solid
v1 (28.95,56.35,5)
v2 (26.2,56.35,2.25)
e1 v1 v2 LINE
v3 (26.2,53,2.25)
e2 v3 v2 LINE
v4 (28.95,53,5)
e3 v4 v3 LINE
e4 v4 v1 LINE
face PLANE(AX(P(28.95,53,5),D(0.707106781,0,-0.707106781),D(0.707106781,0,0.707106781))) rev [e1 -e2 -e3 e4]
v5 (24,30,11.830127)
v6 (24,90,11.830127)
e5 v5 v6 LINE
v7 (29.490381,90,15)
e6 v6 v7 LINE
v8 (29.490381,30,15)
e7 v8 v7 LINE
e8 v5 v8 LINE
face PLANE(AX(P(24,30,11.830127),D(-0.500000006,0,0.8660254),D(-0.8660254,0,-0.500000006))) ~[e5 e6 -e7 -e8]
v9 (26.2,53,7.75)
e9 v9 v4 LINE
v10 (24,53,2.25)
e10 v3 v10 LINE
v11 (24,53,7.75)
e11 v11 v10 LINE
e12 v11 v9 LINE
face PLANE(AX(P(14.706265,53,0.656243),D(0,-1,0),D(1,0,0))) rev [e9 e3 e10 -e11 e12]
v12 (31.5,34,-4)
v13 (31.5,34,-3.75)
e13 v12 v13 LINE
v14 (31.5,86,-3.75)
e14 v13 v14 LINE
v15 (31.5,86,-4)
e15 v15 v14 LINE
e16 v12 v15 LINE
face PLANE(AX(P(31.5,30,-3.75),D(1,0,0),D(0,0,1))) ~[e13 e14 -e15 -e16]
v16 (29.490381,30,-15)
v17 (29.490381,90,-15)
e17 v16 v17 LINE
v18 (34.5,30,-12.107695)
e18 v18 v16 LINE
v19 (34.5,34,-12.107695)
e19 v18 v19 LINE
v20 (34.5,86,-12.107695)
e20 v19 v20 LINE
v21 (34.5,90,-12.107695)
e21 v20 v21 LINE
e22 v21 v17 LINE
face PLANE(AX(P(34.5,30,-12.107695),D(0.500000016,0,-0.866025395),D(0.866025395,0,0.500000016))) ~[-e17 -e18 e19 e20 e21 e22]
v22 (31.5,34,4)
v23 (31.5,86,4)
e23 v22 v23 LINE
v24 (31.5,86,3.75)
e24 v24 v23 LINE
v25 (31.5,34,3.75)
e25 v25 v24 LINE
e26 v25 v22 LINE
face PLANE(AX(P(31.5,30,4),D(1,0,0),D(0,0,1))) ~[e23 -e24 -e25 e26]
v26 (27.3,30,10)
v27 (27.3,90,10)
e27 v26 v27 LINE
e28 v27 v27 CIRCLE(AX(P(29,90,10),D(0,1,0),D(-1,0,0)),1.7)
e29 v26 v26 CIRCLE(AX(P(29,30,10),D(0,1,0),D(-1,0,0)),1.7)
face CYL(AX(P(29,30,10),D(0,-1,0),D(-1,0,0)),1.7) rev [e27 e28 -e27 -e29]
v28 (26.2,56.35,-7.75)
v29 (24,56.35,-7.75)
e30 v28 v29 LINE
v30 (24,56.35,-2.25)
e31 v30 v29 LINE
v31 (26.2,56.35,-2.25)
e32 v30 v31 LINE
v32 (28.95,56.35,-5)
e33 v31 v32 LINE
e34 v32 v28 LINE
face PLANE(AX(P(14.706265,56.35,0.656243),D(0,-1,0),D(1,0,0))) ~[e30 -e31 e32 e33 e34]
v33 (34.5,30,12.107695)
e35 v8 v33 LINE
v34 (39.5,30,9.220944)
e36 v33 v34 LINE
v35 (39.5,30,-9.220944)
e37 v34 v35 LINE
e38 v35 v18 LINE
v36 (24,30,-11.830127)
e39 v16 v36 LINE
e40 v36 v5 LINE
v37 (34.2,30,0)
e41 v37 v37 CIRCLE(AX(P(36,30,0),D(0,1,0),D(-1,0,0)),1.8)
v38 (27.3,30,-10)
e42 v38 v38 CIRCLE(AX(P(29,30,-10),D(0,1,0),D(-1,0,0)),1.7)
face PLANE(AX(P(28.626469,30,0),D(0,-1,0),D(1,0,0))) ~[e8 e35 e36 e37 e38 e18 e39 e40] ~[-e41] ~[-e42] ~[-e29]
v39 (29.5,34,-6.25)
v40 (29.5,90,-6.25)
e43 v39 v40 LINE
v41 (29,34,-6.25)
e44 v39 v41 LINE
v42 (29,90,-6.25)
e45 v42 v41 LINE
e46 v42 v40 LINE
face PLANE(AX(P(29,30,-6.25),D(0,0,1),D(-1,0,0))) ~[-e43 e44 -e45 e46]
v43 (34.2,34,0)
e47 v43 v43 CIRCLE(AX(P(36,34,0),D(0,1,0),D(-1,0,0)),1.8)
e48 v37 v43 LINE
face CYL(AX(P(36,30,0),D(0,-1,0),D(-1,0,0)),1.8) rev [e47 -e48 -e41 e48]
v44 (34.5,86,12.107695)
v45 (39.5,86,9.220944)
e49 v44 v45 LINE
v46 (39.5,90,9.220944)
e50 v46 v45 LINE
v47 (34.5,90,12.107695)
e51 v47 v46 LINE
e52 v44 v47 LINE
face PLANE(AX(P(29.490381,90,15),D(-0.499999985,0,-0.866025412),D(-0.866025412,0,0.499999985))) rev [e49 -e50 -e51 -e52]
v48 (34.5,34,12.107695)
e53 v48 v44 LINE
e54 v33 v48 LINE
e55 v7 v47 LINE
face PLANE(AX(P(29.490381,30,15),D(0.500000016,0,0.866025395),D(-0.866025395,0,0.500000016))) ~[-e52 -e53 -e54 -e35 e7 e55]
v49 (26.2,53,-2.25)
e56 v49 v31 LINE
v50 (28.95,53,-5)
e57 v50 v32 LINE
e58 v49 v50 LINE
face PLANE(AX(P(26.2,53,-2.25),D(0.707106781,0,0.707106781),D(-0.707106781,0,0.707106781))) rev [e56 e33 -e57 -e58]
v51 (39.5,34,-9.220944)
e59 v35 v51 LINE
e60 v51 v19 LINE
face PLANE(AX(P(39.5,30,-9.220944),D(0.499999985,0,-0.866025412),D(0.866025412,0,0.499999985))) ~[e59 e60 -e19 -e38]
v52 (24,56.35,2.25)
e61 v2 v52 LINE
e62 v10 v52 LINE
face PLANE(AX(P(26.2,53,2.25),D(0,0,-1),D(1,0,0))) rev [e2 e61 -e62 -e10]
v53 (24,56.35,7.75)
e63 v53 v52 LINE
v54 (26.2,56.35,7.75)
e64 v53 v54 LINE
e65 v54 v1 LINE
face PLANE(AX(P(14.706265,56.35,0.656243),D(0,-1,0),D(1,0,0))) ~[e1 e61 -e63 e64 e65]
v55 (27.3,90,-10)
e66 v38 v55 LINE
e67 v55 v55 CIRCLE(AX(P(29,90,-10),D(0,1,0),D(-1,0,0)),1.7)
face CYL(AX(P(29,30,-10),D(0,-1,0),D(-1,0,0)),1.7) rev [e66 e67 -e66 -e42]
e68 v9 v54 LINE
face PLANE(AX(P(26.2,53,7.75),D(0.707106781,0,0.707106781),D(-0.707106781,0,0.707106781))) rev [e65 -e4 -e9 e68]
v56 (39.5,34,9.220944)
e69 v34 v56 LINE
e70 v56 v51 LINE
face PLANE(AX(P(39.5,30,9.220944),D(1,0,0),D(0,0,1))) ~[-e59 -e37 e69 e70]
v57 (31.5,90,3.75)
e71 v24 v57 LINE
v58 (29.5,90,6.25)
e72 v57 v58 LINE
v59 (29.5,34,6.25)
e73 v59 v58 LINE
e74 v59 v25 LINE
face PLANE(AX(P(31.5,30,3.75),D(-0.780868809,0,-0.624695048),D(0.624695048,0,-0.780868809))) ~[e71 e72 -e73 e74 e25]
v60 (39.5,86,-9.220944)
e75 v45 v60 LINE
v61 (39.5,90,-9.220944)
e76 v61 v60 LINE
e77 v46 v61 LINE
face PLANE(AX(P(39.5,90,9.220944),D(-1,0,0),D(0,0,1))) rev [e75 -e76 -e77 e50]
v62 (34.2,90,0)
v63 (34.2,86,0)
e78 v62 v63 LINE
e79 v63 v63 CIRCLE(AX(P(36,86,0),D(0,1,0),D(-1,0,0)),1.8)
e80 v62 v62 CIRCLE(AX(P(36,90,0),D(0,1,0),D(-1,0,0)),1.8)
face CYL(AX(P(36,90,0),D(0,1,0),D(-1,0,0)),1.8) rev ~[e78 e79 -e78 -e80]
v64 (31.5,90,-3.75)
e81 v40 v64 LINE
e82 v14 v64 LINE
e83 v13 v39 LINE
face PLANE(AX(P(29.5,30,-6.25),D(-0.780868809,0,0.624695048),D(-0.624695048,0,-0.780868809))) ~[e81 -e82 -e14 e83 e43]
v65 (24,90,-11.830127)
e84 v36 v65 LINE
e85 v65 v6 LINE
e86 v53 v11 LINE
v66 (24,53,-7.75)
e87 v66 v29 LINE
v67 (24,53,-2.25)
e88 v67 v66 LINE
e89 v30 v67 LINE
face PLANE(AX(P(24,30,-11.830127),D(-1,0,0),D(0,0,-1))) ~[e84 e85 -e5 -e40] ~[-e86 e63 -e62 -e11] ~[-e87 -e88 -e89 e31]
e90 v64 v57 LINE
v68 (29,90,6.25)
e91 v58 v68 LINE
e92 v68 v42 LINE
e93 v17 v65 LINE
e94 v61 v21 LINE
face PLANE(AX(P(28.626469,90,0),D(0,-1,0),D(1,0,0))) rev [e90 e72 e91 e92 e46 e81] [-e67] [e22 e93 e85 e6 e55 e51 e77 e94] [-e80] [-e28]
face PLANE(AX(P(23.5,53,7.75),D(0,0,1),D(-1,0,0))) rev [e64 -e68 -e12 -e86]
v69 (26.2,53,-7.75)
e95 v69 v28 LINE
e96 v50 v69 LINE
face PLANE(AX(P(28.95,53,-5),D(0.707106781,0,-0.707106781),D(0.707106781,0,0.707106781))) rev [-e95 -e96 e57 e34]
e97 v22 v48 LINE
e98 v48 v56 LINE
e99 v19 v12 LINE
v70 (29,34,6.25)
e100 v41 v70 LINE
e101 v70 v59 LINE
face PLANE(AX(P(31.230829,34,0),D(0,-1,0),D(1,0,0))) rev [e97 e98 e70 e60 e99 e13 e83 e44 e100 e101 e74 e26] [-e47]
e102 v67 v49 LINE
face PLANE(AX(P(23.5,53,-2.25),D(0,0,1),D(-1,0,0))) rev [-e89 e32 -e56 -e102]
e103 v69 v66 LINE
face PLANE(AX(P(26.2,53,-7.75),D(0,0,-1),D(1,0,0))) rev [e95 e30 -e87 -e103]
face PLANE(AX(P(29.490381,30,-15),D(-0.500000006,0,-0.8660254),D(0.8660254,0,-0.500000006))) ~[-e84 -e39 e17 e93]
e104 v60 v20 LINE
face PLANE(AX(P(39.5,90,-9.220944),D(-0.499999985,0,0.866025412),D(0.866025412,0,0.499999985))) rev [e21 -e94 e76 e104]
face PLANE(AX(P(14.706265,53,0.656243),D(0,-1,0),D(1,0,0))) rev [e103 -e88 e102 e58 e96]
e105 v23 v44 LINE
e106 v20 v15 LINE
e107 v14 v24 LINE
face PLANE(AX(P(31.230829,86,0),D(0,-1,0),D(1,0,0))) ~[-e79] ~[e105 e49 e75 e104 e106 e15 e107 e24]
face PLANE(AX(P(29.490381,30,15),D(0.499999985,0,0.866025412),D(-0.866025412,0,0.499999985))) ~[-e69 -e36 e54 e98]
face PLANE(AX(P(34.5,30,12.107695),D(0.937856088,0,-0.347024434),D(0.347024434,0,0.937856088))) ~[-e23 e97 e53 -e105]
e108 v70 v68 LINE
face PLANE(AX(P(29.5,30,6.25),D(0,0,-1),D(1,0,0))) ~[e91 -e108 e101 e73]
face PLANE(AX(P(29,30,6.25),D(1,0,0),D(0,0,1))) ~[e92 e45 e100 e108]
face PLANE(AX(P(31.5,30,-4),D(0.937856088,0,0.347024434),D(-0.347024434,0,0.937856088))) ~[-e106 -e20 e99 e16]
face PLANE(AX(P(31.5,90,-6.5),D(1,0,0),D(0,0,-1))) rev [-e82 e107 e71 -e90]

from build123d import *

# Parameters (mm, degrees)
SKETCH161_R  = 1.8
PAD126_DEPTH = 3.35
SKETCH158_R  = 1.8
PAD123_DEPTH = 4
SKETCH159_R  = 1.8
SKETCH159_W  = 2.5
SKETCH159_H  = 13
PAD124_DEPTH = 4
SKETCH156_R  = 1.7
PAD121_DEPTH = 60


with BuildPart() as motorcageringcutout:
    # Sketch161 → Pad126 (new body)
    with BuildSketch(Plane.XZ.offset(-53)):
        with BuildLine():
            Line((-16.85, 24), (-23.5, 12.481862))
            Line((-23.5, 12.481862), (-23.5, 7.75))
            Line((-23.5, 7.75), (-26.2, 7.75))
            Line((-26.2, 7.75), (-28.95, 5))
            Line((-28.95, 5), (-26.2, 2.25))
            Line((-26.2, 2.25), (-23.5, 2.25))
            Line((-23.5, 2.25), (-23.5, -2.25))
            Line((-23.5, -2.25), (-26.2, -2.25))
            Line((-26.2, -2.25), (-28.95, -5))
            Line((-28.95, -5), (-26.2, -7.75))
            Line((-26.2, -7.75), (-23.5, -7.75))
            Line((-23.5, -7.75), (-23.5, -12.473721))
            Line((-23.5, -12.473721), (-18, -22))
            Line((-18, -22), (0, -22))
            Line((0, -18.35), (0, -22))
            ThreePointArc((0, 18.35), (-18.35, 0), (0, -18.35))
            Line((0, 24), (0, 18.35))
            Line((-16.85, 24), (0, 24))
        make_face()
        with Locations((-15, 21)):
            Circle(SKETCH161_R, mode=Mode.SUBTRACT)
        with Locations((-15, -17)):
            Circle(SKETCH161_R, mode=Mode.SUBTRACT)
    extrude(amount=-PAD126_DEPTH)


with BuildPart() as endcap:
    # Sketch158 → Pad123 (new body)
    with BuildSketch(Plane.XZ.offset(-30)):
        Polygon((-29.490381, 15), (-39.5, 9.220944), (-39.5, -9.220944), (-29.490381, -15), (-24, -11.830127), (-24, 11.830127), align=None)
        with Locations((-29, 10)):
            Circle(SKETCH158_R, mode=Mode.SUBTRACT)
        with Locations((-29, -10)):
            Circle(SKETCH158_R, mode=Mode.SUBTRACT)
        with Locations((-36, 0)):
            Circle(SKETCH158_R, mode=Mode.SUBTRACT)
    extrude(amount=-PAD123_DEPTH)


with BuildPart() as pad124:
    # Sketch159 → Pad124 (new body)
    with BuildSketch(Plane.XZ.offset(-90)):
        Polygon((-29.490381, 15), (-39.5, 9.220944), (-39.5, -9.220944), (-29.490381, -15), (-24, -11.830127), (-24, 11.830127), align=None)
        with Locations((-29, 10)):
            Circle(SKETCH159_R, mode=Mode.SUBTRACT)
        with Locations((-29, -10)):
            Circle(SKETCH159_R, mode=Mode.SUBTRACT)
        with Locations((-36, 0)):
            Circle(SKETCH159_R, mode=Mode.SUBTRACT)
        with Locations((-30.25, 0)):
            Rectangle(SKETCH159_W, SKETCH159_H, mode=Mode.SUBTRACT)
    extrude(amount=PAD124_DEPTH)


with BuildPart() as sidewall:
    # Sketch156 → Pad121 (new body)
    with BuildSketch(Plane.XZ.offset(-30)):
        Polygon((-29.490381, 15), (-34.5, 12.107695), (-31.5, 4), (-31.5, 3.75), (-29.5, 6.25), (-29, 6.25), (-29, -6.25), (-29.5, -6.25), (-31.5, -3.75), (-31.5, -4), (-34.5, -12.107695), (-29.490381, -15), (-24, -11.830127), (-24, 11.830127), align=None)
        with Locations((-29, 10)):
            Circle(SKETCH156_R, mode=Mode.SUBTRACT)
        with Locations((-29, -10)):
            Circle(SKETCH156_R, mode=Mode.SUBTRACT)
    extrude(amount=-PAD121_DEPTH)

    # Fusion004020009: union EndCap, Pad124
    add(endcap.part)
    add(pad124.part)

    # Cut007019014: cut MotorCageRingCutout
    add(motorcageringcutout.part, mode=Mode.SUBTRACT)


with BuildPart() as part_mirroring018:
    # Part__Mirroring018: instance of SideWall
    add(sidewall.part.mirror(Plane(origin=(0, 0, 0), x_dir=(0, -1, 0), z_dir=(1, 0, 0))))


solid = part_mirroring018.part
